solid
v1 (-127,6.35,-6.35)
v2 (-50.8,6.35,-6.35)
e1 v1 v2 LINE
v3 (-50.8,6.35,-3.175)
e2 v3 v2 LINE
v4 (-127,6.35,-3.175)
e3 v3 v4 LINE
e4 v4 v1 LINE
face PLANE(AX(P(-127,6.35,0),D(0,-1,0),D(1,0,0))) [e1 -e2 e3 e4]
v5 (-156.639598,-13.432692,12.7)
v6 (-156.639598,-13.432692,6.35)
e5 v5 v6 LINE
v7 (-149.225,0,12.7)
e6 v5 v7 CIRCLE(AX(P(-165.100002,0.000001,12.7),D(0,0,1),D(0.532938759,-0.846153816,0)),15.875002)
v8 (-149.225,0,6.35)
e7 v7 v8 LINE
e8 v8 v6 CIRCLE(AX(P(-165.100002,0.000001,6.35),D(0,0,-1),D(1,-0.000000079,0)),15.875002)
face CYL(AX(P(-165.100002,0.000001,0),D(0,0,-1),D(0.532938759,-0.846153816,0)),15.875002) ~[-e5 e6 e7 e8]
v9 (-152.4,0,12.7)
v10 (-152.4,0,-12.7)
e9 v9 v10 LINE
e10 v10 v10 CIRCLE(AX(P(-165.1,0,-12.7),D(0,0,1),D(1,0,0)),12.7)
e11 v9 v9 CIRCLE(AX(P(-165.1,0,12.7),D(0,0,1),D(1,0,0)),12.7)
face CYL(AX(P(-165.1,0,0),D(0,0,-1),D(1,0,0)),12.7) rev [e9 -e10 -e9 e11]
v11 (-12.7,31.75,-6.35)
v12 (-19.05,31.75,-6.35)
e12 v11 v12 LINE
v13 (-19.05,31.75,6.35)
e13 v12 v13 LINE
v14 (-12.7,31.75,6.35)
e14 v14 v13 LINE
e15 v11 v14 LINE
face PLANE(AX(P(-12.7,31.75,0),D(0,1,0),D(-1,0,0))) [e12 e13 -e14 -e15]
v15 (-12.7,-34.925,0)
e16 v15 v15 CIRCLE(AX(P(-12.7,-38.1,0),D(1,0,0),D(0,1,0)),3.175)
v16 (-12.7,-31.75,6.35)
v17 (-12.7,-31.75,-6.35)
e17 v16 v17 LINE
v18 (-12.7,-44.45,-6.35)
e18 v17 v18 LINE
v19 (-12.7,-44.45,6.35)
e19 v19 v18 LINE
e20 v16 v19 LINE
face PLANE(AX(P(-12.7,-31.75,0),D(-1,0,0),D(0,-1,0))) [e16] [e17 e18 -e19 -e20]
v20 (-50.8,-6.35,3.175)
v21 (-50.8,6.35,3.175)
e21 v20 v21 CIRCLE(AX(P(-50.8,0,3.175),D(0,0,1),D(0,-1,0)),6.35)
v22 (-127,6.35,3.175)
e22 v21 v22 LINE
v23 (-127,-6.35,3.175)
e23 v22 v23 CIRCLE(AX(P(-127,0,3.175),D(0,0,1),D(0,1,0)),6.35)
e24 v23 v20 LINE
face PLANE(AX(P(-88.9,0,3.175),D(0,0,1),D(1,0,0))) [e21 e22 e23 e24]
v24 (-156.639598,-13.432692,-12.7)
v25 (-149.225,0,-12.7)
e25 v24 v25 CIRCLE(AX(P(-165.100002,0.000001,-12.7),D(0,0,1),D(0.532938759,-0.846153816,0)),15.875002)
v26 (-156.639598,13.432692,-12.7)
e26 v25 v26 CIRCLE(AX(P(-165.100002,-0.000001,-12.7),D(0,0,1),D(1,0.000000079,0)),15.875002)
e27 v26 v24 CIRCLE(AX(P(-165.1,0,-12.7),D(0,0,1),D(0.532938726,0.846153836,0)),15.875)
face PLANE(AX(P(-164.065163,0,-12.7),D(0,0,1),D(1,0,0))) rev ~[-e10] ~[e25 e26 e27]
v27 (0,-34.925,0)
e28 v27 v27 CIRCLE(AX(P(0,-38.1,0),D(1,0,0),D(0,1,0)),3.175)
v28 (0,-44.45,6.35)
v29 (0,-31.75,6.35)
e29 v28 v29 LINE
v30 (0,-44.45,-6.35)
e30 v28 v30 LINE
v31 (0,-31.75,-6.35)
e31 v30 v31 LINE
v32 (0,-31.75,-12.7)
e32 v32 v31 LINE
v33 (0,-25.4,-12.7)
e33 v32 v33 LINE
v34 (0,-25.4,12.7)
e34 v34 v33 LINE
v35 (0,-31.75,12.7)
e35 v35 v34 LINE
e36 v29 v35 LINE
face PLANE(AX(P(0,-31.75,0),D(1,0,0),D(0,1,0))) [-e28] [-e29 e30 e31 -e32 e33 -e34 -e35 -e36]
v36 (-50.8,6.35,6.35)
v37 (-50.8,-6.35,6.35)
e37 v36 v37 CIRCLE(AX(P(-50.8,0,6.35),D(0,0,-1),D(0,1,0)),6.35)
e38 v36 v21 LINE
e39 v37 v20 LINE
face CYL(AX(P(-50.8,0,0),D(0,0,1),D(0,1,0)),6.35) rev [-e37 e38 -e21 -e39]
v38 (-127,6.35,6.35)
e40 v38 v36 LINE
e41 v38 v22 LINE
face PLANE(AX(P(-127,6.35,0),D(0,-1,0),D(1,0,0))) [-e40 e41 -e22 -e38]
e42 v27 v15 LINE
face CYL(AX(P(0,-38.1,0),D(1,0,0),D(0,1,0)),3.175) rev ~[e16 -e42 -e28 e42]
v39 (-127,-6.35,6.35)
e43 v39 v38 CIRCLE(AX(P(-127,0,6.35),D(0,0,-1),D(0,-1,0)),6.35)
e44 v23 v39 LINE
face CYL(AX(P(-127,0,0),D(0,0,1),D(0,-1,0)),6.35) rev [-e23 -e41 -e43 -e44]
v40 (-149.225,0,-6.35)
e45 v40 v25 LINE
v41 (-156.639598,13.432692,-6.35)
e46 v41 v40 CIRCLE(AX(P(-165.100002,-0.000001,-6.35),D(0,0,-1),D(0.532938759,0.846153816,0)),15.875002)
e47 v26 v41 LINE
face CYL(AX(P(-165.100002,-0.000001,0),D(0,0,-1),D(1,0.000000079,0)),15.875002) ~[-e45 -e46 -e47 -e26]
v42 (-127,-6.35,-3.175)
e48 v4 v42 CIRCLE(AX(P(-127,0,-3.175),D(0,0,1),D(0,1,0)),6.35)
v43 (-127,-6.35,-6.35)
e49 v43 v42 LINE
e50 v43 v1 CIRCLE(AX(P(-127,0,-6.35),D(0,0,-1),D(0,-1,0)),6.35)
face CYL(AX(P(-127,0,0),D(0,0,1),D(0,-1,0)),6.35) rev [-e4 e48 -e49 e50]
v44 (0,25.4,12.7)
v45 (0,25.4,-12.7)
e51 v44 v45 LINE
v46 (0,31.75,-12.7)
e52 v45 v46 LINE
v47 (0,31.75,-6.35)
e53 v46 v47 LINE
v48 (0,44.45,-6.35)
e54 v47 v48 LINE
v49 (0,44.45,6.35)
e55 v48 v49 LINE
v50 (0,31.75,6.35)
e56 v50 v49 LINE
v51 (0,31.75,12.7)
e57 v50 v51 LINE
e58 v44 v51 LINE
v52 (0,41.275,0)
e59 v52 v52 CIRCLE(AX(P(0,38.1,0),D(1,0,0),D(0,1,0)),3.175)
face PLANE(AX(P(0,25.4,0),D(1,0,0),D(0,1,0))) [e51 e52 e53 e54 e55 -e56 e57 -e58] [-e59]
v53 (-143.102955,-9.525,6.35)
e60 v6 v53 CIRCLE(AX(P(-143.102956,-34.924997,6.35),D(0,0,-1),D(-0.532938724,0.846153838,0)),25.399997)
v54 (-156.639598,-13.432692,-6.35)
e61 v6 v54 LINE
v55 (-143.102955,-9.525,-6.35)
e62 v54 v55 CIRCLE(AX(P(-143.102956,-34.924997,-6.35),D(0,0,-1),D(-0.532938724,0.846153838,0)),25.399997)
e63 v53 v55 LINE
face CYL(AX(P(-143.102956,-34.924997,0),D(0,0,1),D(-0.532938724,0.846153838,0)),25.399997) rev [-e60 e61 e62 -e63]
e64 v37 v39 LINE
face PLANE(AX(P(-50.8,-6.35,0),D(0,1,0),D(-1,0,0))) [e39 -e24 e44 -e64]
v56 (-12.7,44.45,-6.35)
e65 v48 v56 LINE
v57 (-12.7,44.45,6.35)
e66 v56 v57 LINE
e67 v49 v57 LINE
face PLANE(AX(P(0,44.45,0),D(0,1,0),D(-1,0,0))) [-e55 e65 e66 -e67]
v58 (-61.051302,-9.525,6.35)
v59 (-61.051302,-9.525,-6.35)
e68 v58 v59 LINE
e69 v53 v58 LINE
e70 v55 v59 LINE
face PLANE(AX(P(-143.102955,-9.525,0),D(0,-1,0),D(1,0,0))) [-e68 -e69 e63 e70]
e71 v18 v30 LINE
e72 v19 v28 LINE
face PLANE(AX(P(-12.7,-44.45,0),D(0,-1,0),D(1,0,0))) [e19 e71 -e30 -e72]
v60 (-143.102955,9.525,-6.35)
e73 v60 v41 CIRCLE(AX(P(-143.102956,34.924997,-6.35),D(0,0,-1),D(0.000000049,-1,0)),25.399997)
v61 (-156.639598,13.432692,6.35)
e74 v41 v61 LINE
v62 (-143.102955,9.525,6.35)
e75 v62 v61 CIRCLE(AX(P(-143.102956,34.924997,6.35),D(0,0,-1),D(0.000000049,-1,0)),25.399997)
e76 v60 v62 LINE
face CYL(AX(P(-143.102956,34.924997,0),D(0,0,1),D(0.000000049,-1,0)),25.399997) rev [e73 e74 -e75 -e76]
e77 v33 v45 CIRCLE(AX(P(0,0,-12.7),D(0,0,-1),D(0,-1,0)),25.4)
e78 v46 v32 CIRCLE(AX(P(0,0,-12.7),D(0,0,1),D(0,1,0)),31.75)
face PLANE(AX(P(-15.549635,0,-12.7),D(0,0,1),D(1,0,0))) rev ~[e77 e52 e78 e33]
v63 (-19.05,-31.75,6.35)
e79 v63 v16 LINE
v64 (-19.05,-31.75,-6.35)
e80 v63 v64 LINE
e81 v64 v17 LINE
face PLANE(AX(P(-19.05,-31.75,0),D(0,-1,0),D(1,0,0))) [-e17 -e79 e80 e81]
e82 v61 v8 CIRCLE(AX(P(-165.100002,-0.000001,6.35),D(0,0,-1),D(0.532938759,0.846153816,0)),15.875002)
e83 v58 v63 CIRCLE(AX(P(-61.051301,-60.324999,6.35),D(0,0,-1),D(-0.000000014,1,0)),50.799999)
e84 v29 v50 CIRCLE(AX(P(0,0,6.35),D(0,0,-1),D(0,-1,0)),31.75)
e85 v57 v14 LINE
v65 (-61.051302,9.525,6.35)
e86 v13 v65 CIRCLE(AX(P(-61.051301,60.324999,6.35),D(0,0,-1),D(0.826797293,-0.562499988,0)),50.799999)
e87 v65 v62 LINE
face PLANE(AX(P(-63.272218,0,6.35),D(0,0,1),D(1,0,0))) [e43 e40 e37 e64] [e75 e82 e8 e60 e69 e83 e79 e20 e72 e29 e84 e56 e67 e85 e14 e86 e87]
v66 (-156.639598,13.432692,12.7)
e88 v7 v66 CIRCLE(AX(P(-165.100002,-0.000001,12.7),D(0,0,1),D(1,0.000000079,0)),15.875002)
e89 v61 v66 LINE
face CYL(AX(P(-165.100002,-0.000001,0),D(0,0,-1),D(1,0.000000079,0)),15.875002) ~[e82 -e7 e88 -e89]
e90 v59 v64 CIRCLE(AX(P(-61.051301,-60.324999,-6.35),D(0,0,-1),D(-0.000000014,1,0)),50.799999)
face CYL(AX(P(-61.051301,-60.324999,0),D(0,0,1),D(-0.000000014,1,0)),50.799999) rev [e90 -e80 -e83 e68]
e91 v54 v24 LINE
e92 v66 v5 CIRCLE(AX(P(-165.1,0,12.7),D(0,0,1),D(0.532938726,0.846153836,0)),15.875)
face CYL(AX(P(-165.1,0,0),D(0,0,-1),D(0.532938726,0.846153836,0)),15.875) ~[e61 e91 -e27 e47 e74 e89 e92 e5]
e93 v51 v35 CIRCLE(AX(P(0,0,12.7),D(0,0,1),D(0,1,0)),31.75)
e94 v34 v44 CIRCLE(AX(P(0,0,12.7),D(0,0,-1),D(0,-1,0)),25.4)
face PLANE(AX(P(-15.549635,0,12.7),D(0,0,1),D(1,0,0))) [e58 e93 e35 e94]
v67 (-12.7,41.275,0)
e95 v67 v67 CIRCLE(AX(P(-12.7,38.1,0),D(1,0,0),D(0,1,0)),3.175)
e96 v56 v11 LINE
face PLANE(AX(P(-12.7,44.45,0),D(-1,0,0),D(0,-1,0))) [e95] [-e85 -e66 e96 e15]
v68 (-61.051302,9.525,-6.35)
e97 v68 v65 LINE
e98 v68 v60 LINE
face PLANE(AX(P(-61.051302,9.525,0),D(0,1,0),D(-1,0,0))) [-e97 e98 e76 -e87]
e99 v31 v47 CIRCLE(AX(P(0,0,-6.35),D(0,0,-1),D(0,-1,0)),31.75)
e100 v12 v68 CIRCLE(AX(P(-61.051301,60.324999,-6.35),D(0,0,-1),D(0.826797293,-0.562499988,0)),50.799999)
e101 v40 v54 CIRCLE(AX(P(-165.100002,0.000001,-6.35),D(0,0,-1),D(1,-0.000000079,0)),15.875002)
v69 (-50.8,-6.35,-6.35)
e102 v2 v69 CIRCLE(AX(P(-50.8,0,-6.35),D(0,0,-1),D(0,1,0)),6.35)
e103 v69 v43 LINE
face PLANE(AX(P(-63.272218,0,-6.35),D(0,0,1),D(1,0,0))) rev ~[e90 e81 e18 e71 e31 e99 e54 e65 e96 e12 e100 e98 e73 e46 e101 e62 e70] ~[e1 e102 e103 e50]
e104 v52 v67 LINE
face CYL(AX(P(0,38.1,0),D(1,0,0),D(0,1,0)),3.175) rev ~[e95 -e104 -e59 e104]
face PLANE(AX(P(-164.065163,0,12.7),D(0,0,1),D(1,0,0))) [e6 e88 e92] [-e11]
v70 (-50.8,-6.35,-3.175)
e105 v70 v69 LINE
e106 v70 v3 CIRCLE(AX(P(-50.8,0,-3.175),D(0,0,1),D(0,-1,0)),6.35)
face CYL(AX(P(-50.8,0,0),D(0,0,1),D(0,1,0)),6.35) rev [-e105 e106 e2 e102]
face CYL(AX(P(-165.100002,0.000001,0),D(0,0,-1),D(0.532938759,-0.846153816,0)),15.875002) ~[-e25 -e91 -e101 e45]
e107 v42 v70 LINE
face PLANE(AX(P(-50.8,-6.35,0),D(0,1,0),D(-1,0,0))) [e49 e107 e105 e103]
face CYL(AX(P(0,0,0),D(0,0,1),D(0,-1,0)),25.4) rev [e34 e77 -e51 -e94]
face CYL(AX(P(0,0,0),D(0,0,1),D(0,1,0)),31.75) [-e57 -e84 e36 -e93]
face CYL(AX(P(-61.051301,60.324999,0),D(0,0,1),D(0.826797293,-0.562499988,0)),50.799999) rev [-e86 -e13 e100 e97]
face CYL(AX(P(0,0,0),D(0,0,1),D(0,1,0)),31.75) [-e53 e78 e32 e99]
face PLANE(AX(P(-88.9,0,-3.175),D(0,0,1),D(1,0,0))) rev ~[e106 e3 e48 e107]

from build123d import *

# Parameters (mm, degrees)
F1_DEPTH = 6.35
F0_R     = 12.7
F2_DEPTH = 12.7
F3_DEPTH = 3.175
F4_R     = 3.175
F5_DEPTH = 180.976


with BuildPart() as f1:
    # F0 (on Top) → F1 (new body, symmetric)
    with BuildSketch(Plane.XY):
        with BuildLine():
            ThreePointArc((0, -31.75), (-31.75, 0), (0, 31.75))
            Line((0, 31.75), (0, 44.45))
            Line((0, 44.45), (-12.7, 44.45))
            Line((-12.7, 44.45), (-12.7, 31.75))
            Line((-12.7, 31.75), (-19.05, 31.75))
            ThreePointArc((-19.05, 31.75), (-37.291778, 15.423719), (-61.051302, 9.525))
            Line((-61.051302, 9.525), (-143.102955, 9.525))
            ThreePointArc((-143.102955, 9.525), (-150.147647, 10.521469), (-156.639598, 13.432692))
            ThreePointArc((-156.639598, 13.432692), (-151.201718, 7.671595), (-149.225, 0))
            ThreePointArc((-149.225, 0), (-151.201718, -7.671595), (-156.639598, -13.432692))
            ThreePointArc((-156.639598, -13.432692), (-150.147647, -10.521469), (-143.102955, -9.525))
            Line((-143.102955, -9.525), (-61.051302, -9.525))
            ThreePointArc((-61.051302, -9.525), (-37.291778, -15.423719), (-19.05, -31.75))
            Line((-19.05, -31.75), (-12.7, -31.75))
            Line((-12.7, -31.75), (-12.7, -44.45))
            Line((-12.7, -44.45), (0, -44.45))
            Line((0, -44.45), (0, -31.75))
        make_face()
        with BuildLine():
            ThreePointArc((-127, -6.35), (-133.35, 0), (-127, 6.35))
            Line((-127, 6.35), (-50.8, 6.35))
            ThreePointArc((-50.8, 6.35), (-44.45, 0), (-50.8, -6.35))
            Line((-50.8, -6.35), (-127, -6.35))
        make_face(mode=Mode.SUBTRACT)
    extrude(amount=F1_DEPTH, both=True)

    # F0 (on Top) → F2 (join, symmetric)
    with BuildSketch(Plane.XY):
        with BuildLine():
            ThreePointArc((-149.225, 0), (-151.201718, 7.671595), (-156.639598, 13.432692))
            ThreePointArc((-156.639598, 13.432692), (-180.975, 0), (-156.639598, -13.432692))
            ThreePointArc((-156.639598, -13.432692), (-151.201718, -7.671595), (-149.225, 0))
        make_face()
        with Locations((-165.1, 0)):
            Circle(F0_R, mode=Mode.SUBTRACT)
        with BuildLine():
            Line((0, 25.4), (0, 31.75))
            ThreePointArc((0, 31.75), (-31.75, 0), (0, -31.75))
            Line((0, -31.75), (0, -25.4))
            ThreePointArc((0, -25.4), (-25.4, 0), (0, 25.4))
        make_face()
    extrude(amount=F2_DEPTH, both=True)

    # F0 (on Top) → F3 (join, symmetric)
    with BuildSketch(Plane.XY):
        with BuildLine():
            Line((-50.8, 6.35), (-127, 6.35))
            ThreePointArc((-127, 6.35), (-133.35, 0), (-127, -6.35))
            Line((-127, -6.35), (-50.8, -6.35))
            ThreePointArc((-50.8, -6.35), (-44.45, 0), (-50.8, 6.35))
        make_face()
    extrude(amount=F3_DEPTH, both=True)

    # F4 (on face) → F5 (cut, through all)
    with BuildSketch(Plane.YZ):
        with Locations((-38.1, 0)):
            Circle(F4_R)
        with Locations((38.1, 0)):
            Circle(F4_R)
    extrude(amount=-F5_DEPTH, mode=Mode.SUBTRACT)


solid = f1.part
